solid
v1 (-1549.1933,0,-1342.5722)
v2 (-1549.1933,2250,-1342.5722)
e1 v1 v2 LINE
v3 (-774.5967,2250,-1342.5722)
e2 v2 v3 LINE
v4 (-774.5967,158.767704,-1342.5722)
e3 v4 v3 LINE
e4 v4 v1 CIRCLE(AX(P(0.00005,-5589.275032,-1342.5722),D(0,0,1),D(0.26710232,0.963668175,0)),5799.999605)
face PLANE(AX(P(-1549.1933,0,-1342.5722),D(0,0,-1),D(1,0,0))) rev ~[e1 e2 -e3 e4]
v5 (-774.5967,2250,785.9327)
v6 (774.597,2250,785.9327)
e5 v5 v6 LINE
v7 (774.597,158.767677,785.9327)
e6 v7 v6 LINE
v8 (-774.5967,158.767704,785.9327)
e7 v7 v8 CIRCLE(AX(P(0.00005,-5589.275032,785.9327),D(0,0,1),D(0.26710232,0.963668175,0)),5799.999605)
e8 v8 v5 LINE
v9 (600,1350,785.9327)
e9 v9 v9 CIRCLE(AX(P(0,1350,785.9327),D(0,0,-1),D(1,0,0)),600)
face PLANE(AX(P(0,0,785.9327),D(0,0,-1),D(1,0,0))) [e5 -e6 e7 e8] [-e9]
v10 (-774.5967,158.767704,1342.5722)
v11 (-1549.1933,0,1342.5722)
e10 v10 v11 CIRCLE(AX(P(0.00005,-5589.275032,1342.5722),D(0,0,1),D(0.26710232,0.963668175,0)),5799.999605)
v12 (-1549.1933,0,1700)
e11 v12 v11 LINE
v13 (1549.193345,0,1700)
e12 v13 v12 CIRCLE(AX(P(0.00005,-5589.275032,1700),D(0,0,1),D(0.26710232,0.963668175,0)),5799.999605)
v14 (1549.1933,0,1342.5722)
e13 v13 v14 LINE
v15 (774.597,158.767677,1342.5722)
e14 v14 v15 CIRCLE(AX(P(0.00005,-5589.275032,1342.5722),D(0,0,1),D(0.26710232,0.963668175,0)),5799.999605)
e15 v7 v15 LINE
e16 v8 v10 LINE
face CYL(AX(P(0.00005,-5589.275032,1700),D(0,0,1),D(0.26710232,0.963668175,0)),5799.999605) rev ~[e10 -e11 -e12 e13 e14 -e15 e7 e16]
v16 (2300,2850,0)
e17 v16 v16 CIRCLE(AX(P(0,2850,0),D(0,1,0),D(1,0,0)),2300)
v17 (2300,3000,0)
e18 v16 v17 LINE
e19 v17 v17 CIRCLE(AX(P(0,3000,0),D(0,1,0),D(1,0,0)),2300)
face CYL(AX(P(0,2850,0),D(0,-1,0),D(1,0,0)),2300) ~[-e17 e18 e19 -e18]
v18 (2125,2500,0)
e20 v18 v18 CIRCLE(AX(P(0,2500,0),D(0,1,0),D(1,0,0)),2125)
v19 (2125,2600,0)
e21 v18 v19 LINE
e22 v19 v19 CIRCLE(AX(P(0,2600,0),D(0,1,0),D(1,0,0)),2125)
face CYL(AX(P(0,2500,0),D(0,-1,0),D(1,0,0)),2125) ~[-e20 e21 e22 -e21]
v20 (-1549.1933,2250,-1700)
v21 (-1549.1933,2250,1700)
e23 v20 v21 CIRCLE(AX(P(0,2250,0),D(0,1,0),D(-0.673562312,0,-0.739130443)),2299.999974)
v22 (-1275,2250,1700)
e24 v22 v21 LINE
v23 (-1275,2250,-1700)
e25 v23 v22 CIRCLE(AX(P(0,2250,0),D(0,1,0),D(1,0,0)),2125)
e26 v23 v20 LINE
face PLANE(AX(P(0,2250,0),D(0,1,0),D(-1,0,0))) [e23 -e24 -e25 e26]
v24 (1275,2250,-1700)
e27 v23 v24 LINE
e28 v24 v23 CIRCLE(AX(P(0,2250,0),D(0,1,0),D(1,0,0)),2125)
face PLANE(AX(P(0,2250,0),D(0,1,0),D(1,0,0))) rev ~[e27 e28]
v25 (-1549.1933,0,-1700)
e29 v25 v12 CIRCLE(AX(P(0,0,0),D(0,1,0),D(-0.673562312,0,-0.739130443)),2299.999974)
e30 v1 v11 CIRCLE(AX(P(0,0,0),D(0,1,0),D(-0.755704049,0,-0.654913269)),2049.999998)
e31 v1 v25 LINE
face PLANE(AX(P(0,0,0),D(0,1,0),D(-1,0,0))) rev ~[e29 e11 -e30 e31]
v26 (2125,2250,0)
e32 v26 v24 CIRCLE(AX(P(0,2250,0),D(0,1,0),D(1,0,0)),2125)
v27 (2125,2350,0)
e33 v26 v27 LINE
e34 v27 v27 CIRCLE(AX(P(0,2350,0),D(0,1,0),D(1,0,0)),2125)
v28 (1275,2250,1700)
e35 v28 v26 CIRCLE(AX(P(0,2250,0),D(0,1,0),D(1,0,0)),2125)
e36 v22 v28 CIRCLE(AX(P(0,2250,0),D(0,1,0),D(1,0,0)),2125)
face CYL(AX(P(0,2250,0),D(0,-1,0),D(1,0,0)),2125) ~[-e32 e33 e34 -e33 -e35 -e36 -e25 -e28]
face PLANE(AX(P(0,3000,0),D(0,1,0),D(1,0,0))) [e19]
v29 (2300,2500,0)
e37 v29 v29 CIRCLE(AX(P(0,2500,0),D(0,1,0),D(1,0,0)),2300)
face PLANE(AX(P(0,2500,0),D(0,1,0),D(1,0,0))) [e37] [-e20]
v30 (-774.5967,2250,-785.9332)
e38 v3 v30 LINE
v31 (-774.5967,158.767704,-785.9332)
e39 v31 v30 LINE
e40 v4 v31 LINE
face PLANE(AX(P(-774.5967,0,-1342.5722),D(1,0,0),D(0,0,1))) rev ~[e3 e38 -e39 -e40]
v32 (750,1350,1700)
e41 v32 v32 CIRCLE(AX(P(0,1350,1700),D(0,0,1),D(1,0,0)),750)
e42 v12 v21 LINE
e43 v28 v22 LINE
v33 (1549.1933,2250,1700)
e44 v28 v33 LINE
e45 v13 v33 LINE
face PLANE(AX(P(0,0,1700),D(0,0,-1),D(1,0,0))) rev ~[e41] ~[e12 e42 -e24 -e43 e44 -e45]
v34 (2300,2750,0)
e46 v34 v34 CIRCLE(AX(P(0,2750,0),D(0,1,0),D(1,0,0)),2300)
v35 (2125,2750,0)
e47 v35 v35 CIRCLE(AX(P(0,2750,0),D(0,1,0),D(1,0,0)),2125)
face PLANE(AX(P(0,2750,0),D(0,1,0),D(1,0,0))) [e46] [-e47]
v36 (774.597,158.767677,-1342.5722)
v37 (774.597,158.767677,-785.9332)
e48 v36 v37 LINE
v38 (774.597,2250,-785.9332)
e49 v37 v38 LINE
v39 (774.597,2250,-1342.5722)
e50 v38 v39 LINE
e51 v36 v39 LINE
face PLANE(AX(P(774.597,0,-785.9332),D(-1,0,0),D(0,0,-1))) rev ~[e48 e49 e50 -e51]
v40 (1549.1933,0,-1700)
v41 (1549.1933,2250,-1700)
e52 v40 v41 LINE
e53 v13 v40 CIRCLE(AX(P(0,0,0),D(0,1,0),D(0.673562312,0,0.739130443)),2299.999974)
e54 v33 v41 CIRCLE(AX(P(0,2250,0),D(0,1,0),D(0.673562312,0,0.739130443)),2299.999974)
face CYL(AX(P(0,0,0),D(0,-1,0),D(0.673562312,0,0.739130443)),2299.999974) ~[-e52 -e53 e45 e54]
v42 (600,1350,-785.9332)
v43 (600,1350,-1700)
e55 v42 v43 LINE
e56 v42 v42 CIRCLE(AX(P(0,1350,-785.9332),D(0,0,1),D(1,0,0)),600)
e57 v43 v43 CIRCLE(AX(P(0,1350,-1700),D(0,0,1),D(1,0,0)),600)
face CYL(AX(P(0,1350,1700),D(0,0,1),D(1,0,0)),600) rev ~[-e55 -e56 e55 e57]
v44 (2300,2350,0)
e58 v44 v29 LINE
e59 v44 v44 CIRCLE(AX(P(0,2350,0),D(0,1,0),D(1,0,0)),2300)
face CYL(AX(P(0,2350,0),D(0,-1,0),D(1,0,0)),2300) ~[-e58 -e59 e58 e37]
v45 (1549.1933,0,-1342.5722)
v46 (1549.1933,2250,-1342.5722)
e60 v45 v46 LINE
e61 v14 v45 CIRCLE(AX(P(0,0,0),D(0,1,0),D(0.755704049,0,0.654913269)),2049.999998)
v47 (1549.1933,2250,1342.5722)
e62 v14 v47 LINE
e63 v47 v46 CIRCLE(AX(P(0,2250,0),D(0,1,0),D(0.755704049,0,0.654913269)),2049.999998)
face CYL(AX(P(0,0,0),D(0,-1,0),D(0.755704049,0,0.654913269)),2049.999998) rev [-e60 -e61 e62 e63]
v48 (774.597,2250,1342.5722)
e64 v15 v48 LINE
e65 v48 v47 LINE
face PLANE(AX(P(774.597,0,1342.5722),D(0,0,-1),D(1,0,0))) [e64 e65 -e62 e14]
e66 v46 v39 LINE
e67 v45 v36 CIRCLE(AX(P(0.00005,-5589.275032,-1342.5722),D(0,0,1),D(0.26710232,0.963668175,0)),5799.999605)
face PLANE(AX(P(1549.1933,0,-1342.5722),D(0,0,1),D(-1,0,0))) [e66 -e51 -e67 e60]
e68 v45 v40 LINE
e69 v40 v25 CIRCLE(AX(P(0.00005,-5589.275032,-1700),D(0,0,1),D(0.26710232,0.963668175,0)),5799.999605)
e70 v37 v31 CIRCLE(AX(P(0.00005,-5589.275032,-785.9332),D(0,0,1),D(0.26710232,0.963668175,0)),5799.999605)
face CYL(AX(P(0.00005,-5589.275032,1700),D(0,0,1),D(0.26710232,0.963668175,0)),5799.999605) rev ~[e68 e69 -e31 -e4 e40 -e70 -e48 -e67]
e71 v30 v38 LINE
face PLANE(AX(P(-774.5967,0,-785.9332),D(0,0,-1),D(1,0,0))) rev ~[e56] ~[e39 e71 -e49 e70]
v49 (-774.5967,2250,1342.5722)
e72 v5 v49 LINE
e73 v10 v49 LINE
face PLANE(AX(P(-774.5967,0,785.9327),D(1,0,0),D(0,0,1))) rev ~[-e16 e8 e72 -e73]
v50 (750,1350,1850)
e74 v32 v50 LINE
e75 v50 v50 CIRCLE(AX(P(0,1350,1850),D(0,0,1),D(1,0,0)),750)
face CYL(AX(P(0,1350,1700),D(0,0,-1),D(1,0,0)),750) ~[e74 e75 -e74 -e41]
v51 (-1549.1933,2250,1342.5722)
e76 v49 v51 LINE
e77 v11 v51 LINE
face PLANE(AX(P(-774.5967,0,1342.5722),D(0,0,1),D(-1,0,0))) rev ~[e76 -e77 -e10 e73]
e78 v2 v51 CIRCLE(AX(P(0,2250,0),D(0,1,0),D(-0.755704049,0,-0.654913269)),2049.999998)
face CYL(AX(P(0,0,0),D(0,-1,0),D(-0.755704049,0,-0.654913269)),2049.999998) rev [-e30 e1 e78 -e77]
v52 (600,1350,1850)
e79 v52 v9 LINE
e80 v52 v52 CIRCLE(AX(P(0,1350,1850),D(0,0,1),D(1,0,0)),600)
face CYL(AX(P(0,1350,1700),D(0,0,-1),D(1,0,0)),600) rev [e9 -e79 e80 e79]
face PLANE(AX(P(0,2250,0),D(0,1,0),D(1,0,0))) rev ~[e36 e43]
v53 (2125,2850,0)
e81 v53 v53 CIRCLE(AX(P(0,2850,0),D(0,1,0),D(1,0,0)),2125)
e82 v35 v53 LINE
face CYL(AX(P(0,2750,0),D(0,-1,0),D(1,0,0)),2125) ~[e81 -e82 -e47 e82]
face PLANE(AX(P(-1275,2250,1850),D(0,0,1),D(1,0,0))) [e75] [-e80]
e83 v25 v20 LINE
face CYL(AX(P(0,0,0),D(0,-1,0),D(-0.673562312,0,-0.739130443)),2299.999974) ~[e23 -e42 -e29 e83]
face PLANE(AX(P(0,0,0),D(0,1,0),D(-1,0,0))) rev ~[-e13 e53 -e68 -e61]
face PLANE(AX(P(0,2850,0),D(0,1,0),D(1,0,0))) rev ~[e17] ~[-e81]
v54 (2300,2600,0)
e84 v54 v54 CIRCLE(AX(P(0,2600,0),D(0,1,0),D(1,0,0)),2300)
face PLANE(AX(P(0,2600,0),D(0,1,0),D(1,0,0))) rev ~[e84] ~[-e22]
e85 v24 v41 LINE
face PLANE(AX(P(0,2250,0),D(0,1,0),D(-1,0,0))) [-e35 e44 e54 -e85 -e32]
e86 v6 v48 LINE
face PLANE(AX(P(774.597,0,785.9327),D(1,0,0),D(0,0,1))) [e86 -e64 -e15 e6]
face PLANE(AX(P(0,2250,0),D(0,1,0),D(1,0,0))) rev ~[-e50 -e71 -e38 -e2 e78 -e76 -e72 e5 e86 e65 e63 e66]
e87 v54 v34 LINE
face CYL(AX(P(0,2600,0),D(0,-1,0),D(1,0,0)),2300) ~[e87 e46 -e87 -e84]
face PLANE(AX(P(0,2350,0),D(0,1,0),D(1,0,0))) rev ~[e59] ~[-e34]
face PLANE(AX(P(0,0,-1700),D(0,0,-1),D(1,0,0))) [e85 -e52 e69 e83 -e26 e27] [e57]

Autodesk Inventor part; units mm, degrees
ref_plane "YZ Plane" through (0, 0, 0) normal (1, 0, 0) x (0, 1, 0)
ref_plane "XZ Plane" through (0, 0, 0) normal (0, 1, 0) x (-1, 0, 0)
ref_plane "XY Plane" through (0, 0, 0) normal (0, 0, 1) x (1, 0, 0)
sketch "Sketch1" plane through (0, 0, 0) normal (0, 1, 0) x (-1, 0, 0)
  line L0 (0, -1700) -> (1549.1933, -1700)
  line L1 (1549.1933, -1700) -> (-1549.1933, -1700)
  line L2 (0, 1700) -> (1549.1933, 1700)
  line L3 (0, 1700) -> (-1549.1933, 1700)
  arc A0 (-1549.1933, 1700) -> (-1549.1933, -1700) centre (0, 0) ccw
  arc A1 (1549.1933, -1700) -> (1549.1933, 1700) centre (0, 0) ccw
  line L4 (0, 785.9327) -> (774.5967, 785.9327)
  line L5 (774.5967, 785.9327) -> (774.5967, 1342.5722)
  line L6 (774.5967, 1342.5722) -> (1549.1933, 1342.5722)
  line L7 (0, 785.9327) -> (-774.597, 785.9327)
  line L8 (-774.597, 785.9327) -> (-774.597, 1342.5722)
  line L9 (-774.597, 1342.5722) -> (-1549.1933, 1342.5722)
  line L10 (-1549.1933, -1342.5722) -> (-774.597, -1342.5722)
  line L11 (1549.1933, -1342.5722) -> (774.5967, -1342.5722)
  line L12 (774.5967, -1342.5722) -> (774.5967, -785.9332)
  line L13 (774.5967, -785.9332) -> (-774.597, -785.9332)
  line L14 (-774.597, -785.9332) -> (-774.597, -1342.5722)
  arc A2 (-1549.1933, 1342.5722) -> (-1549.1933, -1342.5722) centre (0, 0) ccw
  arc A3 (1549.1933, -1342.5722) -> (1549.1933, 1342.5722) centre (0, 0) ccw
extrude "Extrusion1" add sketch "Sketch1" along normal blind 2250
sketch "Sketch2" plane through (0, 2250, 0) normal (0, 1, 0) x (1, 0, 0)
  circle A0 centre (0, 0) radius 2125
  dimension "d8" = 4250
extrude "Extrusion2" add sketch "Sketch2" along normal blind 100
sketch "Sketch3" plane through (0, 2350, 0) normal (0, 1, 0) x (1, 0, 0)
  circle A0 centre (0, 0) radius 2300
  dimension "d11" = 4600
extrude "Extrusion3" add sketch "Sketch3" along normal blind 150
sketch "Sketch4" plane through (0, 2500, 0) normal (0, 1, 0) x (1, 0, 0)
  circle A0 centre (0, 0) radius 2125
  dimension "d14" = 4250
extrude "Extrusion4" add sketch "Sketch4" along normal blind 100
sketch "Sketch5" plane through (0, 2600, 0) normal (0, 1, 0) x (1, 0, 0)
  circle A0 centre (0, 0) radius 2300
  dimension "d17" = 4600
extrude "Extrusion5" add sketch "Sketch5" along normal blind 150
sketch "Sketch6" plane through (0, 2750, 0) normal (0, 1, 0) x (1, 0, 0)
  circle A0 centre (0, 0) radius 2125
  dimension "d20" = 4250
extrude "Extrusion6" add sketch "Sketch6" along normal blind 100
sketch "Sketch7" plane through (0, 2850, 0) normal (0, 1, 0) x (1, 0, 0)
  circle A0 centre (0, 0) radius 2300
  dimension "d23" = 4600
extrude "Extrusion7" add sketch "Sketch7" along normal blind 150
sketch "Sketch8" plane through (-1549.1933, 0, 1700) normal (0, 0, 1) x (1, 0, 0)
  line L0 (3098.3867, 0) -> (0, 0) projected
  arc A0 (3098.3867, 0) -> (0, 0) centre (1549.1933, -5589.2754) ccw
  line L1 (0, 0) -> (3098.3867, 0)
  point P0 (1549.1933, 0)
  dimension "d26" = 5800
extrude "Extrusion8" cut sketch "Sketch8" against normal blind 10000
sketch "Sketch9" plane through (-1275, 2250, 1700) normal (0, 0, 1) x (1, 0, 0)
  line L0 (1275, -2250) -> (1275, -900)
  circle A0 centre (1275, -900) radius 600
  dimension "d29" = 1350
  dimension "d30" = 1200
extrude "Extrusion9" cut sketch "Sketch9" against normal blind 10000
sketch "Sketch10" plane through (-1275, 2250, 1700) normal (0, 0, 1) x (1, 0, 0)
  circle A0 centre (1275, -900) radius 600 projected
  circle A1 centre (1275, -900) radius 600
  circle A2 centre (1275, -900) radius 750
  point P0 (1275, -2250)
  dimension "d33" = 1200
  dimension "d34" = 1500
extrude "Extrusion10" add sketch "Sketch10" along normal blind 150
